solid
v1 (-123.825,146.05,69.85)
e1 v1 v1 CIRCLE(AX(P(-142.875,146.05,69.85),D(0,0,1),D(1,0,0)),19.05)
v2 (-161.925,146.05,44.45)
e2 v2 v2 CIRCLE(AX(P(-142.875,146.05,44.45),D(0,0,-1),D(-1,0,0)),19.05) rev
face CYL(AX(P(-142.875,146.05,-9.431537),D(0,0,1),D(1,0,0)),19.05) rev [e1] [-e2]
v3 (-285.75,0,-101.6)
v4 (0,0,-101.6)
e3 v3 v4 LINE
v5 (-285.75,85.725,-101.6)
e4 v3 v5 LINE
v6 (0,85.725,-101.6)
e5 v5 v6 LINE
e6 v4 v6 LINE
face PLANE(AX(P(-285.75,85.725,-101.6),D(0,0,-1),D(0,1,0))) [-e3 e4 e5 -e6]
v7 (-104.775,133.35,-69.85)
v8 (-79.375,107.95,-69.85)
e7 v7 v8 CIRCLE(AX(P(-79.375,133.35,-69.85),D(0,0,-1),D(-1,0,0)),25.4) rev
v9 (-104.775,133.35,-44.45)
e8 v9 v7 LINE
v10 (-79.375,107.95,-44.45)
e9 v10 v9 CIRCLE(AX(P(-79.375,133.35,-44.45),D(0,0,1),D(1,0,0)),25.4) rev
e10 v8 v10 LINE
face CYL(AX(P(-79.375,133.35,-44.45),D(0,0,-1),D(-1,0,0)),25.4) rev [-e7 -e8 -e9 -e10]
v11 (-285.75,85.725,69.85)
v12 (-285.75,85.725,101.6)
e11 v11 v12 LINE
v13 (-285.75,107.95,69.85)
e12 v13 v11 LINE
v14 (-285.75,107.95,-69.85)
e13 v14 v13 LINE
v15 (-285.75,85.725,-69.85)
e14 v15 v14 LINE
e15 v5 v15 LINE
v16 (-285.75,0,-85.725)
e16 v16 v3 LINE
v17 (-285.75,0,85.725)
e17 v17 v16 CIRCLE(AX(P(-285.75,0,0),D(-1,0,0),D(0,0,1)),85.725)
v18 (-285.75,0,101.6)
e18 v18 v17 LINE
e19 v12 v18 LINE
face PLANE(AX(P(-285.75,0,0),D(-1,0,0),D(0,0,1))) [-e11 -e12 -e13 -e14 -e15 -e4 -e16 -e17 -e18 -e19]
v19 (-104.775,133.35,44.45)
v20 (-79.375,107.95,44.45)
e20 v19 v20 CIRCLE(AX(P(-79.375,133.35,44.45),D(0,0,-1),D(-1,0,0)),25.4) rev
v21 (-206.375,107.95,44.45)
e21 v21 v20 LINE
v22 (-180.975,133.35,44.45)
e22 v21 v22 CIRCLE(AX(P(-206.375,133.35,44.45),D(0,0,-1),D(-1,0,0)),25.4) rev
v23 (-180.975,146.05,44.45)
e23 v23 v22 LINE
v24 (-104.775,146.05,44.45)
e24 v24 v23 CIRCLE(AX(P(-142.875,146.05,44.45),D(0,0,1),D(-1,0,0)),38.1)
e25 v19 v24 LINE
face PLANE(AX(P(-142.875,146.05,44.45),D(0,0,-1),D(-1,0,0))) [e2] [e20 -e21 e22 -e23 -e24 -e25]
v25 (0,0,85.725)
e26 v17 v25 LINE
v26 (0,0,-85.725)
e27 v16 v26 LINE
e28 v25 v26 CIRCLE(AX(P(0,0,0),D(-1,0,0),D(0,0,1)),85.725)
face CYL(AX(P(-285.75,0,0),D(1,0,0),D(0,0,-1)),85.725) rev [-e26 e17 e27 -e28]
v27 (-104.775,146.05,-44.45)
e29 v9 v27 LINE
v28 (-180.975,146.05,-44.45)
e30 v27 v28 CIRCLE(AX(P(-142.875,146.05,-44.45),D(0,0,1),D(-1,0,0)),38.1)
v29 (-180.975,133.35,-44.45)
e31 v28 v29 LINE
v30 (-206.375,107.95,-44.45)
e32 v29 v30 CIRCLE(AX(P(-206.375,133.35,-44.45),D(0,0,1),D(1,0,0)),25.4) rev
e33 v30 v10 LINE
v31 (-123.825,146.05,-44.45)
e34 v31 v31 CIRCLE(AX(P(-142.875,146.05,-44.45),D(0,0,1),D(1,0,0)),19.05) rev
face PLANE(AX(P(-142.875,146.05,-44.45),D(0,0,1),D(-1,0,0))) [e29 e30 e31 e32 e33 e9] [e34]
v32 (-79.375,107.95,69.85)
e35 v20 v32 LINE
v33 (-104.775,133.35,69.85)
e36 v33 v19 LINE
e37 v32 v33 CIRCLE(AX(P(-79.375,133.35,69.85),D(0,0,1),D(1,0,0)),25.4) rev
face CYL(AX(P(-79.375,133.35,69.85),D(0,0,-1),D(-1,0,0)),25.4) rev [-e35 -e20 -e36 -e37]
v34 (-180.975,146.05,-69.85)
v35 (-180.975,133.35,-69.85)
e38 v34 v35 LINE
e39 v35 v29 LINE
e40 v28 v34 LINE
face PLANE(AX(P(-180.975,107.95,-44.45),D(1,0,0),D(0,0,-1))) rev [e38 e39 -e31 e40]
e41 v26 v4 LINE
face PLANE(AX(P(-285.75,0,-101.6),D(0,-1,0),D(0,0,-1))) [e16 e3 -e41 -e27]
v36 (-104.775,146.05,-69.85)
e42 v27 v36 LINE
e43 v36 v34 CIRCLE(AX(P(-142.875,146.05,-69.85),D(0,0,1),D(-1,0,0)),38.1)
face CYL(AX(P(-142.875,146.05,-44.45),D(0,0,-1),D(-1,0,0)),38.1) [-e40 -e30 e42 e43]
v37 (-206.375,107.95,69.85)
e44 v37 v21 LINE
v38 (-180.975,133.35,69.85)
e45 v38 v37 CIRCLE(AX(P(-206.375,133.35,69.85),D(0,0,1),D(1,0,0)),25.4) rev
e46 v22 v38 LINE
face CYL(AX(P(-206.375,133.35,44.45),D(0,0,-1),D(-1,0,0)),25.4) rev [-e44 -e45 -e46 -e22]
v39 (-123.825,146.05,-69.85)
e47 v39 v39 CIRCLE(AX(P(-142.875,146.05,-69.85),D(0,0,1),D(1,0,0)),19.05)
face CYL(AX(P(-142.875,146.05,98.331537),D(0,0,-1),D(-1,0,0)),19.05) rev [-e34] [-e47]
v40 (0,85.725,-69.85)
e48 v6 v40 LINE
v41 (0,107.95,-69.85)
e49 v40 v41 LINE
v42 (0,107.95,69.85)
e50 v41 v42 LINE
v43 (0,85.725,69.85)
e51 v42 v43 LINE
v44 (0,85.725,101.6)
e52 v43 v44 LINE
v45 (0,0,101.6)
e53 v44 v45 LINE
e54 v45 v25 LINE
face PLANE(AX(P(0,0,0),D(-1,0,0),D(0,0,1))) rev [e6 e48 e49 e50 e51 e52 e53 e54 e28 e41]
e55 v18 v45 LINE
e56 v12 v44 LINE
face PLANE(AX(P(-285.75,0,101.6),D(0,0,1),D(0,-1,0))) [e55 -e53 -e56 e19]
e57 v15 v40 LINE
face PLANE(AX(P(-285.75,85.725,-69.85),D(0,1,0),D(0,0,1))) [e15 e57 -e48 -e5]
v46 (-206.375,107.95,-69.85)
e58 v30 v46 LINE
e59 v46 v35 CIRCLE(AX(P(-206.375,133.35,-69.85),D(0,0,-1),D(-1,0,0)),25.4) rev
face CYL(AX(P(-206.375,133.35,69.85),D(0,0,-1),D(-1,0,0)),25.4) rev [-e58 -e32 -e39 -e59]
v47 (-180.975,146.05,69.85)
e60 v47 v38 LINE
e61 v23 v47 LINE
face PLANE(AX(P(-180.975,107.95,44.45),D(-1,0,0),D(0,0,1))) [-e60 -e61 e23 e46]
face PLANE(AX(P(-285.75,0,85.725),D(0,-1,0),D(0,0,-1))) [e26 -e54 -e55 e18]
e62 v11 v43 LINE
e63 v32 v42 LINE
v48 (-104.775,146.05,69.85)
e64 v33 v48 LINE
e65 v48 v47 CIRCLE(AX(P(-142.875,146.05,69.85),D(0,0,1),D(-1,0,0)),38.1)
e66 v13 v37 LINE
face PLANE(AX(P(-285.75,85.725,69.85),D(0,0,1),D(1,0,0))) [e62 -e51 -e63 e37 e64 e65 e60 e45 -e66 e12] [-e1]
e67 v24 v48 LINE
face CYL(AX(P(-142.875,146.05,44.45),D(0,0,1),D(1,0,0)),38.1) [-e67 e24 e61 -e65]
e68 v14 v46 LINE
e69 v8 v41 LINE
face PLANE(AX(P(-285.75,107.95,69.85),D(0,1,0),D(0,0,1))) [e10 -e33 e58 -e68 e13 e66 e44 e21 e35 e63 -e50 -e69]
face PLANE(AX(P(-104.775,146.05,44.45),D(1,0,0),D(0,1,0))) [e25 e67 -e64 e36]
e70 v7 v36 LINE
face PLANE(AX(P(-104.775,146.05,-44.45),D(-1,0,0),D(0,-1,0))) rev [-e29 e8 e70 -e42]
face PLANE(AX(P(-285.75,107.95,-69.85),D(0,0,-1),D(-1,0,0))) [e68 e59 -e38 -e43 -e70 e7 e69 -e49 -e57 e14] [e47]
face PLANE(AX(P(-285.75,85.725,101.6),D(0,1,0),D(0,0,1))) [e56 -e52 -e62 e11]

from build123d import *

# Parameters (mm, degrees)
BASE_EXTRUDE_DEPTH   = 285.75
BOSS_EXTRUDE1_DEPTH  = 25.4
FILLET1_R            = 25.4
SKETCH3_R            = 19.05
CUT_EXTRUDE1_DEPTH   = 25.4
FILLET1_OF_MIRROR1_R = 25.4


with BuildPart() as part:
    # Sketch1 → Base-Extrude (new body)
    with BuildSketch(Plane(origin=(0, 0, 0), x_dir=(0, 0, -1), z_dir=(1, 0, 0))):
        with BuildLine():
            Line((-85.725, 0), (-101.6, 0))
            Line((-101.6, 0), (-101.6, 85.725))
            Line((-101.6, 85.725), (-69.85, 85.725))
            Line((-69.85, 85.725), (-69.85, 107.95))
            Line((-69.85, 107.95), (69.85, 107.95))
            Line((69.85, 107.95), (69.85, 85.725))
            Line((69.85, 85.725), (101.6, 85.725))
            Line((101.6, 85.725), (101.6, 0))
            Line((101.6, 0), (85.725, 0))
            ThreePointArc((85.725, 0), (0, 85.725), (-85.725, 0))
        make_face()
    extrude(amount=-BASE_EXTRUDE_DEPTH)

    # Sketch2 → Boss-Extrude1 (add)
    with BuildSketch(Plane.XY.offset(69.85)):
        with BuildLine():
            Line((-180.975, 107.95), (-180.975, 146.05))
            ThreePointArc((-180.975, 146.05), (-142.875, 184.15), (-104.775, 146.05))
            Line((-104.775, 146.05), (-104.775, 107.95))
            Line((-104.775, 107.95), (-180.975, 107.95))
        make_face()
    boss_extrude1 = extrude(amount=-BOSS_EXTRUDE1_DEPTH)

    # Fillet1
    fillet1_edges = [part.edges().sort_by_distance(p)[0] for p in [
        (-104.775, 107.95, 57.15),
        (-180.975, 107.95, 57.15),
    ]]
    fillet(fillet1_edges, radius=FILLET1_R)

    # Sketch3 → Cut-Extrude1 (cut)
    with BuildSketch(Plane.XY.offset(69.85)):
        with Locations((-142.875, 146.05)):
            Circle(SKETCH3_R)
    cut_extrude1 = extrude(amount=-CUT_EXTRUDE1_DEPTH, mode=Mode.SUBTRACT)

    # Mirror1: Boss-Extrude1, Cut-Extrude1 across plane
    add(boss_extrude1.mirror(Plane.XY))
    add(cut_extrude1.mirror(Plane.XY), mode=Mode.SUBTRACT)

    # Fillet1 of Mirror1
    fillet1_of_mirror1_edges = [part.edges().sort_by_distance(p)[0] for p in [
        (-104.775, 107.95, -57.15),
        (-180.975, 107.95, -57.15),
    ]]
    fillet(fillet1_of_mirror1_edges, radius=FILLET1_OF_MIRROR1_R)


solid = part.part
